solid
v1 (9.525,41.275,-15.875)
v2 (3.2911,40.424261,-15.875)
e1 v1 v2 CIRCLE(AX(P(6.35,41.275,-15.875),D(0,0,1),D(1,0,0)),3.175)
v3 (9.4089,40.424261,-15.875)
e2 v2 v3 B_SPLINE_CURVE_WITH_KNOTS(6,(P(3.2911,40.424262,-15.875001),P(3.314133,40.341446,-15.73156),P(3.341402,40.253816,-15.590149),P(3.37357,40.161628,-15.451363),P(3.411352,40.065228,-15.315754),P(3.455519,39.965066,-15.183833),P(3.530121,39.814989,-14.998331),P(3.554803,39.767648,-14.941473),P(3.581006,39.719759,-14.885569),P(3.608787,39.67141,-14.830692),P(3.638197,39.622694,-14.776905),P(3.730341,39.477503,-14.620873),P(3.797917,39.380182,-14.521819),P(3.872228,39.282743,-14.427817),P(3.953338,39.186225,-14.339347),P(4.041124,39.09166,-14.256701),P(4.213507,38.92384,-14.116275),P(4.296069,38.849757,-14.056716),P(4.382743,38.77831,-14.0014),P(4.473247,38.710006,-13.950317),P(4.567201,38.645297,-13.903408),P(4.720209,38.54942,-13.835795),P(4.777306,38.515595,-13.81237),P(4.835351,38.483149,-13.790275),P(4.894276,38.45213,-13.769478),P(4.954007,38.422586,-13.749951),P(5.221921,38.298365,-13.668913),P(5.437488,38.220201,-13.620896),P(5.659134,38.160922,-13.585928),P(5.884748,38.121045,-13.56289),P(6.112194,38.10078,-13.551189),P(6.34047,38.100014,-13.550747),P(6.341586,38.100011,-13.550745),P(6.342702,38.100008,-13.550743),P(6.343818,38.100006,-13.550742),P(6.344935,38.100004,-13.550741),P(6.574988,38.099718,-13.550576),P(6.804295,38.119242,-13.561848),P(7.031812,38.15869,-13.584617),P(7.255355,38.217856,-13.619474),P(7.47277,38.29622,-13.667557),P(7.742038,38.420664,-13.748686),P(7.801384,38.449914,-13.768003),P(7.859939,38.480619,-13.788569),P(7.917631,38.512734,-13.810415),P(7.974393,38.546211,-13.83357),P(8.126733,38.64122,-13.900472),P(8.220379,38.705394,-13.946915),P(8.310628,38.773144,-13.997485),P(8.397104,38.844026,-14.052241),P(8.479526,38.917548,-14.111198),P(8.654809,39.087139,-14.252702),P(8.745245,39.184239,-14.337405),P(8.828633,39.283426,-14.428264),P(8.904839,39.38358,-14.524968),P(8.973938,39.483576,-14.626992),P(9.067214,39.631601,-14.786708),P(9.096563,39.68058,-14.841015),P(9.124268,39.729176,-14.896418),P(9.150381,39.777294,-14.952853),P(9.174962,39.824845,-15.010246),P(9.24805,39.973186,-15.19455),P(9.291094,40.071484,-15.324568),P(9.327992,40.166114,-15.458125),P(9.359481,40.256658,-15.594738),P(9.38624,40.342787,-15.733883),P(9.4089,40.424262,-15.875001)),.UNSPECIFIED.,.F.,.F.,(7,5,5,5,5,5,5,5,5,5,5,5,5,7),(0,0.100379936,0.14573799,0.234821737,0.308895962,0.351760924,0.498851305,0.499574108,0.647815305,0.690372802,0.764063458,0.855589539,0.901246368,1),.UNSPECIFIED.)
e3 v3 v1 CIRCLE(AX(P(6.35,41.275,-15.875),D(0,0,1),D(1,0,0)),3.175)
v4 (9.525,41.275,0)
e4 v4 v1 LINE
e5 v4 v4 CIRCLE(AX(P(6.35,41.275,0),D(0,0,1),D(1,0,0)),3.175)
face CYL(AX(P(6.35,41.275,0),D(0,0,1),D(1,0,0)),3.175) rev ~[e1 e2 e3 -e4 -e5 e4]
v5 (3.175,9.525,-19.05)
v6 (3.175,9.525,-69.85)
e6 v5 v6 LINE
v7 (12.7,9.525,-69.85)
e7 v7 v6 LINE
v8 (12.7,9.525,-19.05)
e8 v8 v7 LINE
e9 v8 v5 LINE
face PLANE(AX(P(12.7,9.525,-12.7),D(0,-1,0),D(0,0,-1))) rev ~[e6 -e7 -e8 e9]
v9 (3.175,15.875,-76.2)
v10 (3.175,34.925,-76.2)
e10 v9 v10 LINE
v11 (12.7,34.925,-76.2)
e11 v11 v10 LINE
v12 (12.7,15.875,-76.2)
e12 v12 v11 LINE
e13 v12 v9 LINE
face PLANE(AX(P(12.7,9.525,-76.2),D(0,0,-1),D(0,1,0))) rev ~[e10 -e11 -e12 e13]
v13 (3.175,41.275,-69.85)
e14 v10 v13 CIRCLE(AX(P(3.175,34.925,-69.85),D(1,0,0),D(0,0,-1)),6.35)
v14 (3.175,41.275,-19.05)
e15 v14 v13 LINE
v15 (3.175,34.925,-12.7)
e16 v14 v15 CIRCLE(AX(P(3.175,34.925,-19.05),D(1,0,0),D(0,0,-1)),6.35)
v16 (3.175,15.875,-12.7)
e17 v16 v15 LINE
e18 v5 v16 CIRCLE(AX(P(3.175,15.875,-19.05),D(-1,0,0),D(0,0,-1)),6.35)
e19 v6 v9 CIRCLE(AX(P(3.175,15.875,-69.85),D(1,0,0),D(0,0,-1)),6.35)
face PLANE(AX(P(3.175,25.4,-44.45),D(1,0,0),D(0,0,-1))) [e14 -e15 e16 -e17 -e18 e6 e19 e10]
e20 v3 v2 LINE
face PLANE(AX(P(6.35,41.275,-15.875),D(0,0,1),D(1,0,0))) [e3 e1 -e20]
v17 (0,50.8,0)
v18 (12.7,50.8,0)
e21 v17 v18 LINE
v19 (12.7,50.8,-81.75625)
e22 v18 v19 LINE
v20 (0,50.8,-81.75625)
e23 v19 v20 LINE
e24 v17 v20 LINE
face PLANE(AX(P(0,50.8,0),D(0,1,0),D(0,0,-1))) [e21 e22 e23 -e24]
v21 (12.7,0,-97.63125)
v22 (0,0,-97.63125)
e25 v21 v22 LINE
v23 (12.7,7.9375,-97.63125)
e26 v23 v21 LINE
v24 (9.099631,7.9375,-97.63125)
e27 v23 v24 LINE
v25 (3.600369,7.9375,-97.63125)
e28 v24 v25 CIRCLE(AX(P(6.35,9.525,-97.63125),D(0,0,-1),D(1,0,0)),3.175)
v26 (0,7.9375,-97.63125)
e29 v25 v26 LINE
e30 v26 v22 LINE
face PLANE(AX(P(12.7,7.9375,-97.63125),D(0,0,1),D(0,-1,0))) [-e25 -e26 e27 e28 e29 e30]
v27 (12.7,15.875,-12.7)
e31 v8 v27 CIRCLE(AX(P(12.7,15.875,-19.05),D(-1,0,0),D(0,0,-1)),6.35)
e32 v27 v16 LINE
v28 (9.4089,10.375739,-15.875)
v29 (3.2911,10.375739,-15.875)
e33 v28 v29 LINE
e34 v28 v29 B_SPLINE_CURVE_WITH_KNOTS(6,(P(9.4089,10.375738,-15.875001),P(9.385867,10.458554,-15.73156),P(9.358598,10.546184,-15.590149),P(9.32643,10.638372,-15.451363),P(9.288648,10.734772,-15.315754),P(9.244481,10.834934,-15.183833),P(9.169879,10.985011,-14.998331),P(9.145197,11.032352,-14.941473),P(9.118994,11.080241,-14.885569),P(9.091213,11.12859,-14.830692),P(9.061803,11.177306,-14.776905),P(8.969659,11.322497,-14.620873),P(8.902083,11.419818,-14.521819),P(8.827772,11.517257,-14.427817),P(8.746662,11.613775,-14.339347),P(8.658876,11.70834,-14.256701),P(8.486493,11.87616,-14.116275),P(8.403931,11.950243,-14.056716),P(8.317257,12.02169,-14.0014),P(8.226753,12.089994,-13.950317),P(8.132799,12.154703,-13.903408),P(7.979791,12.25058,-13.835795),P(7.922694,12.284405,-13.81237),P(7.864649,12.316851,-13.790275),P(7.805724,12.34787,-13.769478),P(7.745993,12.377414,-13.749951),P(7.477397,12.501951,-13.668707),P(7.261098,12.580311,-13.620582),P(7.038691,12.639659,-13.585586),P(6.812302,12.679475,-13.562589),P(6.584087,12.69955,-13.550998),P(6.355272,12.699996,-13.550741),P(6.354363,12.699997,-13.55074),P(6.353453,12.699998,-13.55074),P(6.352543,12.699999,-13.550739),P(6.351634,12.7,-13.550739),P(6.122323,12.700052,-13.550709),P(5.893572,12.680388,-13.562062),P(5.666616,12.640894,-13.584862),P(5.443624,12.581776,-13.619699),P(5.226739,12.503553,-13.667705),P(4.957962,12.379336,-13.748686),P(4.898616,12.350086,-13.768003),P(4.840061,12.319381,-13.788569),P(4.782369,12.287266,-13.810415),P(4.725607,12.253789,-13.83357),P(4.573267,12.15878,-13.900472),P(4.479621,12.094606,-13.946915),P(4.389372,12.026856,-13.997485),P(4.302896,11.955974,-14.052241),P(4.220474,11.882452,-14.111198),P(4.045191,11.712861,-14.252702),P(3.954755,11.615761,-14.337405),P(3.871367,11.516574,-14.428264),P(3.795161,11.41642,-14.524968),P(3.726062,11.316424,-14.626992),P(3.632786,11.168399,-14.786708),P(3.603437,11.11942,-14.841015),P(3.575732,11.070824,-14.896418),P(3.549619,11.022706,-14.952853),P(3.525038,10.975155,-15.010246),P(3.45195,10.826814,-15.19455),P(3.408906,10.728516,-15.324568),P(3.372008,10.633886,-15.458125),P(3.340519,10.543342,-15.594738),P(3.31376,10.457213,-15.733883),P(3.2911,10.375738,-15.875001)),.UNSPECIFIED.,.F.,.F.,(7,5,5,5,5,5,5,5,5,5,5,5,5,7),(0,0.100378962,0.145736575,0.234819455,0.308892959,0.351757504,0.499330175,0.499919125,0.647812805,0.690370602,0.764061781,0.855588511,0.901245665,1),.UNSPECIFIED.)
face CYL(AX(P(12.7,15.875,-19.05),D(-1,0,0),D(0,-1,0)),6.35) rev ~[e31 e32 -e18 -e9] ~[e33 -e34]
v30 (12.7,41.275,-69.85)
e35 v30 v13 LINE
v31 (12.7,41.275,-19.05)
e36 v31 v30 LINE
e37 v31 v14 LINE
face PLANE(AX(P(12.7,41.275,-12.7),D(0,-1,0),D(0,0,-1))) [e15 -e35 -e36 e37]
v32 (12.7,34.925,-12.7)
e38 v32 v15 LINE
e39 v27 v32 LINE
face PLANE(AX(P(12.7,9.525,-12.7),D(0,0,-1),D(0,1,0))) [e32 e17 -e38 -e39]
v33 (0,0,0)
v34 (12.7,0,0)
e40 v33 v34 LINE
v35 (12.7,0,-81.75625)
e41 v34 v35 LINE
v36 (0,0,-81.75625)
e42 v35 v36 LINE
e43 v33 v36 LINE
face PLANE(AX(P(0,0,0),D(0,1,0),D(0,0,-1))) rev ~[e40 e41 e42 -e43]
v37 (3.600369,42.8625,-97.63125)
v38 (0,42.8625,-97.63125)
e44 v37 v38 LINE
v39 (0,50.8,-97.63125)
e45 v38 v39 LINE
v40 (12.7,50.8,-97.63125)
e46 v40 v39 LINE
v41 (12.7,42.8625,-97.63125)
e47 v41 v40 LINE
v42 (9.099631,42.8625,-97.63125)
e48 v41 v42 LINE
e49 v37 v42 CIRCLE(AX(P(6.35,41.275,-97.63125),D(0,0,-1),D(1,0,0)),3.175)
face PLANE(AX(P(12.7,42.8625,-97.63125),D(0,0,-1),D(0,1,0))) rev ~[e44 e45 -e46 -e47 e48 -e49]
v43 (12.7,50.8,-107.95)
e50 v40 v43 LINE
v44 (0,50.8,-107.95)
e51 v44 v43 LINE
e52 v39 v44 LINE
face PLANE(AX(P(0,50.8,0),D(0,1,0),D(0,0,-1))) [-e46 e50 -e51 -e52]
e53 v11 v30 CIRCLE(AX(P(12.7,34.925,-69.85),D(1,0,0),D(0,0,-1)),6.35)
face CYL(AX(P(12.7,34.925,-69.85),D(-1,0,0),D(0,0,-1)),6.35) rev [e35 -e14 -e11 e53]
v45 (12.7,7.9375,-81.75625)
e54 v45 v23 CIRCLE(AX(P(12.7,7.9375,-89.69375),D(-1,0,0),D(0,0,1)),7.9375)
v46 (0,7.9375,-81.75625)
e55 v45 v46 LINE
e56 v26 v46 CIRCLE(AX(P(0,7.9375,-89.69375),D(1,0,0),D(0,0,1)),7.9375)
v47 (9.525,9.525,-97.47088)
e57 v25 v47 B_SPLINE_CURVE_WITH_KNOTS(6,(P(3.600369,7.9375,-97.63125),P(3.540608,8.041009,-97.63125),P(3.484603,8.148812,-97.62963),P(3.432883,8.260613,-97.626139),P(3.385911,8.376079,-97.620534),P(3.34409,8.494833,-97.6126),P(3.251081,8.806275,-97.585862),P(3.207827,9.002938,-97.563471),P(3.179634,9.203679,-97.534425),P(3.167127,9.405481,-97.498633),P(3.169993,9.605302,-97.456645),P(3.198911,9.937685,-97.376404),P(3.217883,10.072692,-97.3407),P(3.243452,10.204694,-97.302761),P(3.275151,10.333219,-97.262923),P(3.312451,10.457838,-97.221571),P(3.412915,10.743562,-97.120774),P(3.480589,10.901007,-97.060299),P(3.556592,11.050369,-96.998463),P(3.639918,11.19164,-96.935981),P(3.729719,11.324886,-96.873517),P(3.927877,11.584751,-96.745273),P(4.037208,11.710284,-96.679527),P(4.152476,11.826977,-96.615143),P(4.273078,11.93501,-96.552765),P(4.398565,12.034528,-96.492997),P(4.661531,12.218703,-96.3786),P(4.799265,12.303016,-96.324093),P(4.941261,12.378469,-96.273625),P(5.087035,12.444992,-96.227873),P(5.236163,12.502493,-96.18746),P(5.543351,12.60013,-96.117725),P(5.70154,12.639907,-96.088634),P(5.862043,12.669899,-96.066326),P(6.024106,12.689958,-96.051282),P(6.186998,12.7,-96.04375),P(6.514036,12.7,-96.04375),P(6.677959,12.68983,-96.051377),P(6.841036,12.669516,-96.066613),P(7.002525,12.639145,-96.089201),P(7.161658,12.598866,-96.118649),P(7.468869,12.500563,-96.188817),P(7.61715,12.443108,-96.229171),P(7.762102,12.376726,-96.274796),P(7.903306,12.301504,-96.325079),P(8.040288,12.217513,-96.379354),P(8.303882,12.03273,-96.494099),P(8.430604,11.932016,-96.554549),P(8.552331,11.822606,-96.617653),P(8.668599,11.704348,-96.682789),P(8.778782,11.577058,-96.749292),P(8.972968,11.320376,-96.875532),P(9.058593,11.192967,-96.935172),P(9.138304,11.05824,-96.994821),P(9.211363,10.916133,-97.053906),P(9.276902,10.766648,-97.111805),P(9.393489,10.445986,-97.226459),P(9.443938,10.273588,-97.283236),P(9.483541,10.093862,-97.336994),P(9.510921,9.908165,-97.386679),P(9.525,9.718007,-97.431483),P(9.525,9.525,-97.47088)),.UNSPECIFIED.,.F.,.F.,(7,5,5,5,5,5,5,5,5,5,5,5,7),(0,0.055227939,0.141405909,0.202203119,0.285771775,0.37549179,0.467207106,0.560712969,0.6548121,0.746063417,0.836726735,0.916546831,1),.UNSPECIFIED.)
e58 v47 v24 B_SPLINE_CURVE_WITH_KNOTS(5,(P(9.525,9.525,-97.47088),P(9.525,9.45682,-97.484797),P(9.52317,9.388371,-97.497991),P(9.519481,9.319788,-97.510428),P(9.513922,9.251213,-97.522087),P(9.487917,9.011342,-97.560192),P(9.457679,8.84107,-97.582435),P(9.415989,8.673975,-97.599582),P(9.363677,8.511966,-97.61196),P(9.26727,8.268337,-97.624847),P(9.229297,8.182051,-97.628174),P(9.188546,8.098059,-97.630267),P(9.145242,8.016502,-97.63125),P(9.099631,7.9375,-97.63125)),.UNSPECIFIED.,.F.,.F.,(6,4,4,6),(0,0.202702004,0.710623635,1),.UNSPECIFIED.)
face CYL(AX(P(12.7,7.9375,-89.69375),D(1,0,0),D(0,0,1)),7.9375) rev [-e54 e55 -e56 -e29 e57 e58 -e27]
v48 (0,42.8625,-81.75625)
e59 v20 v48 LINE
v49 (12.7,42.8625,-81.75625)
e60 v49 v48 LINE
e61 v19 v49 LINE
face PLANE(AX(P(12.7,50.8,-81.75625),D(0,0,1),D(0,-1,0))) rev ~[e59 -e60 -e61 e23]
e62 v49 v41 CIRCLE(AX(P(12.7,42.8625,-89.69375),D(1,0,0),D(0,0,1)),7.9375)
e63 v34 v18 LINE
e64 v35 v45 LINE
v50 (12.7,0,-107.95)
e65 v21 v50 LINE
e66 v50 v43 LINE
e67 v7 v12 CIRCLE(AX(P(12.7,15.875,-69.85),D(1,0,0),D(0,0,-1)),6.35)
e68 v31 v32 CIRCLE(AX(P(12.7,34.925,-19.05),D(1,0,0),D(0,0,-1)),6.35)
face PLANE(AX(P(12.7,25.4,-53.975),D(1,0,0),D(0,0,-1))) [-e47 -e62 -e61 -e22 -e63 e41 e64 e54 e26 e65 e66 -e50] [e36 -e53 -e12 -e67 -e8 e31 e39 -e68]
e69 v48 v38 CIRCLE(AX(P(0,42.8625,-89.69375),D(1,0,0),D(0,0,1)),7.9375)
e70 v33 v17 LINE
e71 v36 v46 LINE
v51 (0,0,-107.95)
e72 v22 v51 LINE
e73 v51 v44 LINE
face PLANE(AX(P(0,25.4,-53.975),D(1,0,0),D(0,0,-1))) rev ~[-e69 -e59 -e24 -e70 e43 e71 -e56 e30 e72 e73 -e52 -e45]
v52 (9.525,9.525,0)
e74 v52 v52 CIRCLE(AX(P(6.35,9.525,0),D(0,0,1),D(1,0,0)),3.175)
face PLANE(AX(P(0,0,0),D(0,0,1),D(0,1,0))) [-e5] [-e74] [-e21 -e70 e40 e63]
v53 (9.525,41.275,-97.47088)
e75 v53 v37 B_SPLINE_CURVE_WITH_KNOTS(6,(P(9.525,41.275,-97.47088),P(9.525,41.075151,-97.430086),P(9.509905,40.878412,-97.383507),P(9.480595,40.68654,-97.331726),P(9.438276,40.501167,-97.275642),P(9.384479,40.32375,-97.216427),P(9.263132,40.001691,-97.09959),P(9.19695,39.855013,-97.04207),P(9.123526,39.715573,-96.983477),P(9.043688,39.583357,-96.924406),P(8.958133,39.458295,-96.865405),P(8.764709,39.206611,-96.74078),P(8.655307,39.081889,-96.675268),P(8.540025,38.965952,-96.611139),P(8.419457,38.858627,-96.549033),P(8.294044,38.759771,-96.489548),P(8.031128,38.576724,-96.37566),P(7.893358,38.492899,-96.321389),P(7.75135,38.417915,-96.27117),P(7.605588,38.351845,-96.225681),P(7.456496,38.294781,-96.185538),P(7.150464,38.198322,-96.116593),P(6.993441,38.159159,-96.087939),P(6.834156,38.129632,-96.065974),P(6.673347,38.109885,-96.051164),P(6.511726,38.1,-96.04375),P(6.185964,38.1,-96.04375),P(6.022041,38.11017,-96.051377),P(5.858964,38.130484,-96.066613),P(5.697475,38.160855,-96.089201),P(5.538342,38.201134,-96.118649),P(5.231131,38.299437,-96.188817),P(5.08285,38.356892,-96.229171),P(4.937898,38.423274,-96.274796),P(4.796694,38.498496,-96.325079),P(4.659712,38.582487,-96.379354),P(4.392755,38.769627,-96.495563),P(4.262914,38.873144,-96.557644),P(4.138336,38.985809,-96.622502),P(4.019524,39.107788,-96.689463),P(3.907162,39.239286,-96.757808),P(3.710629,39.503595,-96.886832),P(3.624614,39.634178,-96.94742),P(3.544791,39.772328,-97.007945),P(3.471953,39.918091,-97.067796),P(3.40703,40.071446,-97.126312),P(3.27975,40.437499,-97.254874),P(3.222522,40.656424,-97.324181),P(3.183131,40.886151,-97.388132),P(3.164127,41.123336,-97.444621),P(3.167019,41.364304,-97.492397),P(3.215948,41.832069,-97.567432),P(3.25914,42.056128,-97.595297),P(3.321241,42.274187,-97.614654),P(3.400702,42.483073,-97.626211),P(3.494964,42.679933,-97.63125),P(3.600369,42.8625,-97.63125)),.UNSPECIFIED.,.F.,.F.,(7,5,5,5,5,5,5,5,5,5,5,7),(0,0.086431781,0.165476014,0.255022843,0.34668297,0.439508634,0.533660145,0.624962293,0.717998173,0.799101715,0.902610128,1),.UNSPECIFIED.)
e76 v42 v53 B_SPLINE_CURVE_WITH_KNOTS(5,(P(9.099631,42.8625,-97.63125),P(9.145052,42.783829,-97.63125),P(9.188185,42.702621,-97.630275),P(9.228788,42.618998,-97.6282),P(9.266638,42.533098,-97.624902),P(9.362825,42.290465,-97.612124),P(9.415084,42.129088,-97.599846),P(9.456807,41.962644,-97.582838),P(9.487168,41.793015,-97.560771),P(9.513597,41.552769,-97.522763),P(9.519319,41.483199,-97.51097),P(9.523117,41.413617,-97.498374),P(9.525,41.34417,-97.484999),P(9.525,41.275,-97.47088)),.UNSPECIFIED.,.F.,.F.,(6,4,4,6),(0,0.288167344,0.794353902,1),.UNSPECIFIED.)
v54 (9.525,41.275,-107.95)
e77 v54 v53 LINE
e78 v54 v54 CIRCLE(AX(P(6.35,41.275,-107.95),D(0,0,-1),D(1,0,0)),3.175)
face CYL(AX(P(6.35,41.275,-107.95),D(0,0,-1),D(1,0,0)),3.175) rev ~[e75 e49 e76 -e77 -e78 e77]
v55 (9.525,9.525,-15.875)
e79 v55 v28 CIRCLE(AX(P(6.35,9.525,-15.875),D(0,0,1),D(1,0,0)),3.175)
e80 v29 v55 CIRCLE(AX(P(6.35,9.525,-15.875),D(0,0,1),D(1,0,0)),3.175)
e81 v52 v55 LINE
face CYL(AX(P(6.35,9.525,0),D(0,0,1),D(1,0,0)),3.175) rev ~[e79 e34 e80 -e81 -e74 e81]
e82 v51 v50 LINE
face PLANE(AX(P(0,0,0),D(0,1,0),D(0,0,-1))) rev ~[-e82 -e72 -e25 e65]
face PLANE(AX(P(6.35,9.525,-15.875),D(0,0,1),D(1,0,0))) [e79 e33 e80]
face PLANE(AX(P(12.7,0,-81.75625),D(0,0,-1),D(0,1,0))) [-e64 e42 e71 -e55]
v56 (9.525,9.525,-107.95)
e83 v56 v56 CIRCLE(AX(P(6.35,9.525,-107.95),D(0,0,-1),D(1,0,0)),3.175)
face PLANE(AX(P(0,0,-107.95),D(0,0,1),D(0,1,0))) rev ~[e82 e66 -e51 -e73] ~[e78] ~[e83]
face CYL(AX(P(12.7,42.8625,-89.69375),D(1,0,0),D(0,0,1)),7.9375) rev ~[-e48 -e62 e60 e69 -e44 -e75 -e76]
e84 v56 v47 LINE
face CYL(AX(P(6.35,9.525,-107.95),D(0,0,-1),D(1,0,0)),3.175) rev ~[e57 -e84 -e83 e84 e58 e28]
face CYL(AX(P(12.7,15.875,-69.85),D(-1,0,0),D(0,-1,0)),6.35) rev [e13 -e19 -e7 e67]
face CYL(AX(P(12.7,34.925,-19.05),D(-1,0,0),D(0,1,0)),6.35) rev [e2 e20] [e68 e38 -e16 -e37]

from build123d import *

# Parameters (mm, degrees)
SKETCH1_W          = 107.95
SKETCH1_H          = 50.8
EXTRUDE1_DEPTH     = 12.7
SKETCH2_W          = 63.5
SKETCH2_H          = 31.75
CUT_EXTRUDE1_DEPTH = 9.525
FILLET1_R          = 6.35
CUT_EXTRUDE2_DEPTH = 120.979717036
SKETCH4_R          = 3.175
CUT_EXTRUDE3_DEPTH = 15.875
CUT_EXTRUDE4_REACH = 121.98
SKETCH5_R          = 3.175


with BuildPart() as part:
    # Sketch1 → Extrude1 (new body)
    with BuildSketch(Plane(origin=(0, 0, 0), x_dir=(0, 0, -1), z_dir=(1, 0, 0))):
        with Locations((53.975, 25.4)):
            Rectangle(SKETCH1_W, SKETCH1_H)
    extrude(amount=EXTRUDE1_DEPTH)

    # Sketch2 → Cut-Extrude1 (cut)
    with BuildSketch(Plane(origin=(12.7, 0, 0), x_dir=(0, 0, -1), z_dir=(1, 0, 0))):
        with Locations((44.45, 25.4)):
            Rectangle(SKETCH2_W, SKETCH2_H)
    extrude(amount=-CUT_EXTRUDE1_DEPTH, mode=Mode.SUBTRACT)

    # Fillet1
    fillet1_edges = [part.edges().sort_by_distance(p)[0] for p in [
        (7.9375, 9.525, -12.7),
        (7.9375, 41.275, -12.7),
        (7.9375, 41.275, -76.2),
        (7.9375, 9.525, -76.2),
    ]]
    fillet(fillet1_edges, radius=FILLET1_R)

    # Sketch3 → Cut-Extrude2 (cut, through all)
    with BuildSketch(Plane(origin=(12.7, 0, 0), x_dir=(0, 0, -1), z_dir=(1, 0, 0))):
        with BuildLine():
            Line((97.63125, 50.8), (81.75625, 50.8))
            Line((81.75625, 50.8), (81.75625, 42.8625))
            ThreePointArc((81.75625, 42.8625), (89.69375, 34.925), (97.63125, 42.8625))
            Line((97.63125, 42.8625), (97.63125, 50.8))
        make_face()
        with BuildLine():
            Line((97.63125, 0), (81.75625, 0))
            Line((81.75625, 0), (81.75625, 7.9375))
            ThreePointArc((81.75625, 7.9375), (89.69375, 15.875), (97.63125, 7.9375))
            Line((97.63125, 7.9375), (97.63125, 0))
        make_face()
    extrude(amount=-CUT_EXTRUDE2_DEPTH, mode=Mode.SUBTRACT)

    # Sketch4 → Cut-Extrude3 (cut)
    with BuildSketch(Plane.XY):
        with Locations((6.35, 41.275)):
            Circle(SKETCH4_R)
        with Locations((6.35, 9.525)):
            Circle(SKETCH4_R)
    extrude(amount=-CUT_EXTRUDE3_DEPTH, mode=Mode.SUBTRACT)

    # Sketch5 → Cut-Extrude4 (cut, up to next)
    with BuildSketch(Plane(origin=(0, 0, -107.95), x_dir=(-1, 0, 0), z_dir=(0, 0, -1)), mode=Mode.PRIVATE) as cut_extrude4_sk1:
        with Locations(Location((-6.35, 41.275, 0), (0, 0, 180))):
            Circle(SKETCH5_R)
    cut_extrude4_tool1 = extrude(cut_extrude4_sk1.sketch, amount=-CUT_EXTRUDE4_REACH, mode=Mode.PRIVATE) & part.part
    # Sketch5 → Cut-Extrude4 (cut, up to next)
    with BuildSketch(Plane(origin=(0, 0, -107.95), x_dir=(-1, 0, 0), z_dir=(0, 0, -1)), mode=Mode.PRIVATE) as cut_extrude4_sk2:
        with Locations(Location((-6.35, 9.525, 0), (0, 0, 180))):
            Circle(SKETCH5_R)
    cut_extrude4_tool2 = extrude(cut_extrude4_sk2.sketch, amount=-CUT_EXTRUDE4_REACH, mode=Mode.PRIVATE) & part.part
    add(cut_extrude4_tool1.solids().sort_by_distance((6.35, 41.275, -107.95))[0], mode=Mode.SUBTRACT)
    add(cut_extrude4_tool2.solids().sort_by_distance((6.35, 9.525, -107.95))[0], mode=Mode.SUBTRACT)


solid = part.part
